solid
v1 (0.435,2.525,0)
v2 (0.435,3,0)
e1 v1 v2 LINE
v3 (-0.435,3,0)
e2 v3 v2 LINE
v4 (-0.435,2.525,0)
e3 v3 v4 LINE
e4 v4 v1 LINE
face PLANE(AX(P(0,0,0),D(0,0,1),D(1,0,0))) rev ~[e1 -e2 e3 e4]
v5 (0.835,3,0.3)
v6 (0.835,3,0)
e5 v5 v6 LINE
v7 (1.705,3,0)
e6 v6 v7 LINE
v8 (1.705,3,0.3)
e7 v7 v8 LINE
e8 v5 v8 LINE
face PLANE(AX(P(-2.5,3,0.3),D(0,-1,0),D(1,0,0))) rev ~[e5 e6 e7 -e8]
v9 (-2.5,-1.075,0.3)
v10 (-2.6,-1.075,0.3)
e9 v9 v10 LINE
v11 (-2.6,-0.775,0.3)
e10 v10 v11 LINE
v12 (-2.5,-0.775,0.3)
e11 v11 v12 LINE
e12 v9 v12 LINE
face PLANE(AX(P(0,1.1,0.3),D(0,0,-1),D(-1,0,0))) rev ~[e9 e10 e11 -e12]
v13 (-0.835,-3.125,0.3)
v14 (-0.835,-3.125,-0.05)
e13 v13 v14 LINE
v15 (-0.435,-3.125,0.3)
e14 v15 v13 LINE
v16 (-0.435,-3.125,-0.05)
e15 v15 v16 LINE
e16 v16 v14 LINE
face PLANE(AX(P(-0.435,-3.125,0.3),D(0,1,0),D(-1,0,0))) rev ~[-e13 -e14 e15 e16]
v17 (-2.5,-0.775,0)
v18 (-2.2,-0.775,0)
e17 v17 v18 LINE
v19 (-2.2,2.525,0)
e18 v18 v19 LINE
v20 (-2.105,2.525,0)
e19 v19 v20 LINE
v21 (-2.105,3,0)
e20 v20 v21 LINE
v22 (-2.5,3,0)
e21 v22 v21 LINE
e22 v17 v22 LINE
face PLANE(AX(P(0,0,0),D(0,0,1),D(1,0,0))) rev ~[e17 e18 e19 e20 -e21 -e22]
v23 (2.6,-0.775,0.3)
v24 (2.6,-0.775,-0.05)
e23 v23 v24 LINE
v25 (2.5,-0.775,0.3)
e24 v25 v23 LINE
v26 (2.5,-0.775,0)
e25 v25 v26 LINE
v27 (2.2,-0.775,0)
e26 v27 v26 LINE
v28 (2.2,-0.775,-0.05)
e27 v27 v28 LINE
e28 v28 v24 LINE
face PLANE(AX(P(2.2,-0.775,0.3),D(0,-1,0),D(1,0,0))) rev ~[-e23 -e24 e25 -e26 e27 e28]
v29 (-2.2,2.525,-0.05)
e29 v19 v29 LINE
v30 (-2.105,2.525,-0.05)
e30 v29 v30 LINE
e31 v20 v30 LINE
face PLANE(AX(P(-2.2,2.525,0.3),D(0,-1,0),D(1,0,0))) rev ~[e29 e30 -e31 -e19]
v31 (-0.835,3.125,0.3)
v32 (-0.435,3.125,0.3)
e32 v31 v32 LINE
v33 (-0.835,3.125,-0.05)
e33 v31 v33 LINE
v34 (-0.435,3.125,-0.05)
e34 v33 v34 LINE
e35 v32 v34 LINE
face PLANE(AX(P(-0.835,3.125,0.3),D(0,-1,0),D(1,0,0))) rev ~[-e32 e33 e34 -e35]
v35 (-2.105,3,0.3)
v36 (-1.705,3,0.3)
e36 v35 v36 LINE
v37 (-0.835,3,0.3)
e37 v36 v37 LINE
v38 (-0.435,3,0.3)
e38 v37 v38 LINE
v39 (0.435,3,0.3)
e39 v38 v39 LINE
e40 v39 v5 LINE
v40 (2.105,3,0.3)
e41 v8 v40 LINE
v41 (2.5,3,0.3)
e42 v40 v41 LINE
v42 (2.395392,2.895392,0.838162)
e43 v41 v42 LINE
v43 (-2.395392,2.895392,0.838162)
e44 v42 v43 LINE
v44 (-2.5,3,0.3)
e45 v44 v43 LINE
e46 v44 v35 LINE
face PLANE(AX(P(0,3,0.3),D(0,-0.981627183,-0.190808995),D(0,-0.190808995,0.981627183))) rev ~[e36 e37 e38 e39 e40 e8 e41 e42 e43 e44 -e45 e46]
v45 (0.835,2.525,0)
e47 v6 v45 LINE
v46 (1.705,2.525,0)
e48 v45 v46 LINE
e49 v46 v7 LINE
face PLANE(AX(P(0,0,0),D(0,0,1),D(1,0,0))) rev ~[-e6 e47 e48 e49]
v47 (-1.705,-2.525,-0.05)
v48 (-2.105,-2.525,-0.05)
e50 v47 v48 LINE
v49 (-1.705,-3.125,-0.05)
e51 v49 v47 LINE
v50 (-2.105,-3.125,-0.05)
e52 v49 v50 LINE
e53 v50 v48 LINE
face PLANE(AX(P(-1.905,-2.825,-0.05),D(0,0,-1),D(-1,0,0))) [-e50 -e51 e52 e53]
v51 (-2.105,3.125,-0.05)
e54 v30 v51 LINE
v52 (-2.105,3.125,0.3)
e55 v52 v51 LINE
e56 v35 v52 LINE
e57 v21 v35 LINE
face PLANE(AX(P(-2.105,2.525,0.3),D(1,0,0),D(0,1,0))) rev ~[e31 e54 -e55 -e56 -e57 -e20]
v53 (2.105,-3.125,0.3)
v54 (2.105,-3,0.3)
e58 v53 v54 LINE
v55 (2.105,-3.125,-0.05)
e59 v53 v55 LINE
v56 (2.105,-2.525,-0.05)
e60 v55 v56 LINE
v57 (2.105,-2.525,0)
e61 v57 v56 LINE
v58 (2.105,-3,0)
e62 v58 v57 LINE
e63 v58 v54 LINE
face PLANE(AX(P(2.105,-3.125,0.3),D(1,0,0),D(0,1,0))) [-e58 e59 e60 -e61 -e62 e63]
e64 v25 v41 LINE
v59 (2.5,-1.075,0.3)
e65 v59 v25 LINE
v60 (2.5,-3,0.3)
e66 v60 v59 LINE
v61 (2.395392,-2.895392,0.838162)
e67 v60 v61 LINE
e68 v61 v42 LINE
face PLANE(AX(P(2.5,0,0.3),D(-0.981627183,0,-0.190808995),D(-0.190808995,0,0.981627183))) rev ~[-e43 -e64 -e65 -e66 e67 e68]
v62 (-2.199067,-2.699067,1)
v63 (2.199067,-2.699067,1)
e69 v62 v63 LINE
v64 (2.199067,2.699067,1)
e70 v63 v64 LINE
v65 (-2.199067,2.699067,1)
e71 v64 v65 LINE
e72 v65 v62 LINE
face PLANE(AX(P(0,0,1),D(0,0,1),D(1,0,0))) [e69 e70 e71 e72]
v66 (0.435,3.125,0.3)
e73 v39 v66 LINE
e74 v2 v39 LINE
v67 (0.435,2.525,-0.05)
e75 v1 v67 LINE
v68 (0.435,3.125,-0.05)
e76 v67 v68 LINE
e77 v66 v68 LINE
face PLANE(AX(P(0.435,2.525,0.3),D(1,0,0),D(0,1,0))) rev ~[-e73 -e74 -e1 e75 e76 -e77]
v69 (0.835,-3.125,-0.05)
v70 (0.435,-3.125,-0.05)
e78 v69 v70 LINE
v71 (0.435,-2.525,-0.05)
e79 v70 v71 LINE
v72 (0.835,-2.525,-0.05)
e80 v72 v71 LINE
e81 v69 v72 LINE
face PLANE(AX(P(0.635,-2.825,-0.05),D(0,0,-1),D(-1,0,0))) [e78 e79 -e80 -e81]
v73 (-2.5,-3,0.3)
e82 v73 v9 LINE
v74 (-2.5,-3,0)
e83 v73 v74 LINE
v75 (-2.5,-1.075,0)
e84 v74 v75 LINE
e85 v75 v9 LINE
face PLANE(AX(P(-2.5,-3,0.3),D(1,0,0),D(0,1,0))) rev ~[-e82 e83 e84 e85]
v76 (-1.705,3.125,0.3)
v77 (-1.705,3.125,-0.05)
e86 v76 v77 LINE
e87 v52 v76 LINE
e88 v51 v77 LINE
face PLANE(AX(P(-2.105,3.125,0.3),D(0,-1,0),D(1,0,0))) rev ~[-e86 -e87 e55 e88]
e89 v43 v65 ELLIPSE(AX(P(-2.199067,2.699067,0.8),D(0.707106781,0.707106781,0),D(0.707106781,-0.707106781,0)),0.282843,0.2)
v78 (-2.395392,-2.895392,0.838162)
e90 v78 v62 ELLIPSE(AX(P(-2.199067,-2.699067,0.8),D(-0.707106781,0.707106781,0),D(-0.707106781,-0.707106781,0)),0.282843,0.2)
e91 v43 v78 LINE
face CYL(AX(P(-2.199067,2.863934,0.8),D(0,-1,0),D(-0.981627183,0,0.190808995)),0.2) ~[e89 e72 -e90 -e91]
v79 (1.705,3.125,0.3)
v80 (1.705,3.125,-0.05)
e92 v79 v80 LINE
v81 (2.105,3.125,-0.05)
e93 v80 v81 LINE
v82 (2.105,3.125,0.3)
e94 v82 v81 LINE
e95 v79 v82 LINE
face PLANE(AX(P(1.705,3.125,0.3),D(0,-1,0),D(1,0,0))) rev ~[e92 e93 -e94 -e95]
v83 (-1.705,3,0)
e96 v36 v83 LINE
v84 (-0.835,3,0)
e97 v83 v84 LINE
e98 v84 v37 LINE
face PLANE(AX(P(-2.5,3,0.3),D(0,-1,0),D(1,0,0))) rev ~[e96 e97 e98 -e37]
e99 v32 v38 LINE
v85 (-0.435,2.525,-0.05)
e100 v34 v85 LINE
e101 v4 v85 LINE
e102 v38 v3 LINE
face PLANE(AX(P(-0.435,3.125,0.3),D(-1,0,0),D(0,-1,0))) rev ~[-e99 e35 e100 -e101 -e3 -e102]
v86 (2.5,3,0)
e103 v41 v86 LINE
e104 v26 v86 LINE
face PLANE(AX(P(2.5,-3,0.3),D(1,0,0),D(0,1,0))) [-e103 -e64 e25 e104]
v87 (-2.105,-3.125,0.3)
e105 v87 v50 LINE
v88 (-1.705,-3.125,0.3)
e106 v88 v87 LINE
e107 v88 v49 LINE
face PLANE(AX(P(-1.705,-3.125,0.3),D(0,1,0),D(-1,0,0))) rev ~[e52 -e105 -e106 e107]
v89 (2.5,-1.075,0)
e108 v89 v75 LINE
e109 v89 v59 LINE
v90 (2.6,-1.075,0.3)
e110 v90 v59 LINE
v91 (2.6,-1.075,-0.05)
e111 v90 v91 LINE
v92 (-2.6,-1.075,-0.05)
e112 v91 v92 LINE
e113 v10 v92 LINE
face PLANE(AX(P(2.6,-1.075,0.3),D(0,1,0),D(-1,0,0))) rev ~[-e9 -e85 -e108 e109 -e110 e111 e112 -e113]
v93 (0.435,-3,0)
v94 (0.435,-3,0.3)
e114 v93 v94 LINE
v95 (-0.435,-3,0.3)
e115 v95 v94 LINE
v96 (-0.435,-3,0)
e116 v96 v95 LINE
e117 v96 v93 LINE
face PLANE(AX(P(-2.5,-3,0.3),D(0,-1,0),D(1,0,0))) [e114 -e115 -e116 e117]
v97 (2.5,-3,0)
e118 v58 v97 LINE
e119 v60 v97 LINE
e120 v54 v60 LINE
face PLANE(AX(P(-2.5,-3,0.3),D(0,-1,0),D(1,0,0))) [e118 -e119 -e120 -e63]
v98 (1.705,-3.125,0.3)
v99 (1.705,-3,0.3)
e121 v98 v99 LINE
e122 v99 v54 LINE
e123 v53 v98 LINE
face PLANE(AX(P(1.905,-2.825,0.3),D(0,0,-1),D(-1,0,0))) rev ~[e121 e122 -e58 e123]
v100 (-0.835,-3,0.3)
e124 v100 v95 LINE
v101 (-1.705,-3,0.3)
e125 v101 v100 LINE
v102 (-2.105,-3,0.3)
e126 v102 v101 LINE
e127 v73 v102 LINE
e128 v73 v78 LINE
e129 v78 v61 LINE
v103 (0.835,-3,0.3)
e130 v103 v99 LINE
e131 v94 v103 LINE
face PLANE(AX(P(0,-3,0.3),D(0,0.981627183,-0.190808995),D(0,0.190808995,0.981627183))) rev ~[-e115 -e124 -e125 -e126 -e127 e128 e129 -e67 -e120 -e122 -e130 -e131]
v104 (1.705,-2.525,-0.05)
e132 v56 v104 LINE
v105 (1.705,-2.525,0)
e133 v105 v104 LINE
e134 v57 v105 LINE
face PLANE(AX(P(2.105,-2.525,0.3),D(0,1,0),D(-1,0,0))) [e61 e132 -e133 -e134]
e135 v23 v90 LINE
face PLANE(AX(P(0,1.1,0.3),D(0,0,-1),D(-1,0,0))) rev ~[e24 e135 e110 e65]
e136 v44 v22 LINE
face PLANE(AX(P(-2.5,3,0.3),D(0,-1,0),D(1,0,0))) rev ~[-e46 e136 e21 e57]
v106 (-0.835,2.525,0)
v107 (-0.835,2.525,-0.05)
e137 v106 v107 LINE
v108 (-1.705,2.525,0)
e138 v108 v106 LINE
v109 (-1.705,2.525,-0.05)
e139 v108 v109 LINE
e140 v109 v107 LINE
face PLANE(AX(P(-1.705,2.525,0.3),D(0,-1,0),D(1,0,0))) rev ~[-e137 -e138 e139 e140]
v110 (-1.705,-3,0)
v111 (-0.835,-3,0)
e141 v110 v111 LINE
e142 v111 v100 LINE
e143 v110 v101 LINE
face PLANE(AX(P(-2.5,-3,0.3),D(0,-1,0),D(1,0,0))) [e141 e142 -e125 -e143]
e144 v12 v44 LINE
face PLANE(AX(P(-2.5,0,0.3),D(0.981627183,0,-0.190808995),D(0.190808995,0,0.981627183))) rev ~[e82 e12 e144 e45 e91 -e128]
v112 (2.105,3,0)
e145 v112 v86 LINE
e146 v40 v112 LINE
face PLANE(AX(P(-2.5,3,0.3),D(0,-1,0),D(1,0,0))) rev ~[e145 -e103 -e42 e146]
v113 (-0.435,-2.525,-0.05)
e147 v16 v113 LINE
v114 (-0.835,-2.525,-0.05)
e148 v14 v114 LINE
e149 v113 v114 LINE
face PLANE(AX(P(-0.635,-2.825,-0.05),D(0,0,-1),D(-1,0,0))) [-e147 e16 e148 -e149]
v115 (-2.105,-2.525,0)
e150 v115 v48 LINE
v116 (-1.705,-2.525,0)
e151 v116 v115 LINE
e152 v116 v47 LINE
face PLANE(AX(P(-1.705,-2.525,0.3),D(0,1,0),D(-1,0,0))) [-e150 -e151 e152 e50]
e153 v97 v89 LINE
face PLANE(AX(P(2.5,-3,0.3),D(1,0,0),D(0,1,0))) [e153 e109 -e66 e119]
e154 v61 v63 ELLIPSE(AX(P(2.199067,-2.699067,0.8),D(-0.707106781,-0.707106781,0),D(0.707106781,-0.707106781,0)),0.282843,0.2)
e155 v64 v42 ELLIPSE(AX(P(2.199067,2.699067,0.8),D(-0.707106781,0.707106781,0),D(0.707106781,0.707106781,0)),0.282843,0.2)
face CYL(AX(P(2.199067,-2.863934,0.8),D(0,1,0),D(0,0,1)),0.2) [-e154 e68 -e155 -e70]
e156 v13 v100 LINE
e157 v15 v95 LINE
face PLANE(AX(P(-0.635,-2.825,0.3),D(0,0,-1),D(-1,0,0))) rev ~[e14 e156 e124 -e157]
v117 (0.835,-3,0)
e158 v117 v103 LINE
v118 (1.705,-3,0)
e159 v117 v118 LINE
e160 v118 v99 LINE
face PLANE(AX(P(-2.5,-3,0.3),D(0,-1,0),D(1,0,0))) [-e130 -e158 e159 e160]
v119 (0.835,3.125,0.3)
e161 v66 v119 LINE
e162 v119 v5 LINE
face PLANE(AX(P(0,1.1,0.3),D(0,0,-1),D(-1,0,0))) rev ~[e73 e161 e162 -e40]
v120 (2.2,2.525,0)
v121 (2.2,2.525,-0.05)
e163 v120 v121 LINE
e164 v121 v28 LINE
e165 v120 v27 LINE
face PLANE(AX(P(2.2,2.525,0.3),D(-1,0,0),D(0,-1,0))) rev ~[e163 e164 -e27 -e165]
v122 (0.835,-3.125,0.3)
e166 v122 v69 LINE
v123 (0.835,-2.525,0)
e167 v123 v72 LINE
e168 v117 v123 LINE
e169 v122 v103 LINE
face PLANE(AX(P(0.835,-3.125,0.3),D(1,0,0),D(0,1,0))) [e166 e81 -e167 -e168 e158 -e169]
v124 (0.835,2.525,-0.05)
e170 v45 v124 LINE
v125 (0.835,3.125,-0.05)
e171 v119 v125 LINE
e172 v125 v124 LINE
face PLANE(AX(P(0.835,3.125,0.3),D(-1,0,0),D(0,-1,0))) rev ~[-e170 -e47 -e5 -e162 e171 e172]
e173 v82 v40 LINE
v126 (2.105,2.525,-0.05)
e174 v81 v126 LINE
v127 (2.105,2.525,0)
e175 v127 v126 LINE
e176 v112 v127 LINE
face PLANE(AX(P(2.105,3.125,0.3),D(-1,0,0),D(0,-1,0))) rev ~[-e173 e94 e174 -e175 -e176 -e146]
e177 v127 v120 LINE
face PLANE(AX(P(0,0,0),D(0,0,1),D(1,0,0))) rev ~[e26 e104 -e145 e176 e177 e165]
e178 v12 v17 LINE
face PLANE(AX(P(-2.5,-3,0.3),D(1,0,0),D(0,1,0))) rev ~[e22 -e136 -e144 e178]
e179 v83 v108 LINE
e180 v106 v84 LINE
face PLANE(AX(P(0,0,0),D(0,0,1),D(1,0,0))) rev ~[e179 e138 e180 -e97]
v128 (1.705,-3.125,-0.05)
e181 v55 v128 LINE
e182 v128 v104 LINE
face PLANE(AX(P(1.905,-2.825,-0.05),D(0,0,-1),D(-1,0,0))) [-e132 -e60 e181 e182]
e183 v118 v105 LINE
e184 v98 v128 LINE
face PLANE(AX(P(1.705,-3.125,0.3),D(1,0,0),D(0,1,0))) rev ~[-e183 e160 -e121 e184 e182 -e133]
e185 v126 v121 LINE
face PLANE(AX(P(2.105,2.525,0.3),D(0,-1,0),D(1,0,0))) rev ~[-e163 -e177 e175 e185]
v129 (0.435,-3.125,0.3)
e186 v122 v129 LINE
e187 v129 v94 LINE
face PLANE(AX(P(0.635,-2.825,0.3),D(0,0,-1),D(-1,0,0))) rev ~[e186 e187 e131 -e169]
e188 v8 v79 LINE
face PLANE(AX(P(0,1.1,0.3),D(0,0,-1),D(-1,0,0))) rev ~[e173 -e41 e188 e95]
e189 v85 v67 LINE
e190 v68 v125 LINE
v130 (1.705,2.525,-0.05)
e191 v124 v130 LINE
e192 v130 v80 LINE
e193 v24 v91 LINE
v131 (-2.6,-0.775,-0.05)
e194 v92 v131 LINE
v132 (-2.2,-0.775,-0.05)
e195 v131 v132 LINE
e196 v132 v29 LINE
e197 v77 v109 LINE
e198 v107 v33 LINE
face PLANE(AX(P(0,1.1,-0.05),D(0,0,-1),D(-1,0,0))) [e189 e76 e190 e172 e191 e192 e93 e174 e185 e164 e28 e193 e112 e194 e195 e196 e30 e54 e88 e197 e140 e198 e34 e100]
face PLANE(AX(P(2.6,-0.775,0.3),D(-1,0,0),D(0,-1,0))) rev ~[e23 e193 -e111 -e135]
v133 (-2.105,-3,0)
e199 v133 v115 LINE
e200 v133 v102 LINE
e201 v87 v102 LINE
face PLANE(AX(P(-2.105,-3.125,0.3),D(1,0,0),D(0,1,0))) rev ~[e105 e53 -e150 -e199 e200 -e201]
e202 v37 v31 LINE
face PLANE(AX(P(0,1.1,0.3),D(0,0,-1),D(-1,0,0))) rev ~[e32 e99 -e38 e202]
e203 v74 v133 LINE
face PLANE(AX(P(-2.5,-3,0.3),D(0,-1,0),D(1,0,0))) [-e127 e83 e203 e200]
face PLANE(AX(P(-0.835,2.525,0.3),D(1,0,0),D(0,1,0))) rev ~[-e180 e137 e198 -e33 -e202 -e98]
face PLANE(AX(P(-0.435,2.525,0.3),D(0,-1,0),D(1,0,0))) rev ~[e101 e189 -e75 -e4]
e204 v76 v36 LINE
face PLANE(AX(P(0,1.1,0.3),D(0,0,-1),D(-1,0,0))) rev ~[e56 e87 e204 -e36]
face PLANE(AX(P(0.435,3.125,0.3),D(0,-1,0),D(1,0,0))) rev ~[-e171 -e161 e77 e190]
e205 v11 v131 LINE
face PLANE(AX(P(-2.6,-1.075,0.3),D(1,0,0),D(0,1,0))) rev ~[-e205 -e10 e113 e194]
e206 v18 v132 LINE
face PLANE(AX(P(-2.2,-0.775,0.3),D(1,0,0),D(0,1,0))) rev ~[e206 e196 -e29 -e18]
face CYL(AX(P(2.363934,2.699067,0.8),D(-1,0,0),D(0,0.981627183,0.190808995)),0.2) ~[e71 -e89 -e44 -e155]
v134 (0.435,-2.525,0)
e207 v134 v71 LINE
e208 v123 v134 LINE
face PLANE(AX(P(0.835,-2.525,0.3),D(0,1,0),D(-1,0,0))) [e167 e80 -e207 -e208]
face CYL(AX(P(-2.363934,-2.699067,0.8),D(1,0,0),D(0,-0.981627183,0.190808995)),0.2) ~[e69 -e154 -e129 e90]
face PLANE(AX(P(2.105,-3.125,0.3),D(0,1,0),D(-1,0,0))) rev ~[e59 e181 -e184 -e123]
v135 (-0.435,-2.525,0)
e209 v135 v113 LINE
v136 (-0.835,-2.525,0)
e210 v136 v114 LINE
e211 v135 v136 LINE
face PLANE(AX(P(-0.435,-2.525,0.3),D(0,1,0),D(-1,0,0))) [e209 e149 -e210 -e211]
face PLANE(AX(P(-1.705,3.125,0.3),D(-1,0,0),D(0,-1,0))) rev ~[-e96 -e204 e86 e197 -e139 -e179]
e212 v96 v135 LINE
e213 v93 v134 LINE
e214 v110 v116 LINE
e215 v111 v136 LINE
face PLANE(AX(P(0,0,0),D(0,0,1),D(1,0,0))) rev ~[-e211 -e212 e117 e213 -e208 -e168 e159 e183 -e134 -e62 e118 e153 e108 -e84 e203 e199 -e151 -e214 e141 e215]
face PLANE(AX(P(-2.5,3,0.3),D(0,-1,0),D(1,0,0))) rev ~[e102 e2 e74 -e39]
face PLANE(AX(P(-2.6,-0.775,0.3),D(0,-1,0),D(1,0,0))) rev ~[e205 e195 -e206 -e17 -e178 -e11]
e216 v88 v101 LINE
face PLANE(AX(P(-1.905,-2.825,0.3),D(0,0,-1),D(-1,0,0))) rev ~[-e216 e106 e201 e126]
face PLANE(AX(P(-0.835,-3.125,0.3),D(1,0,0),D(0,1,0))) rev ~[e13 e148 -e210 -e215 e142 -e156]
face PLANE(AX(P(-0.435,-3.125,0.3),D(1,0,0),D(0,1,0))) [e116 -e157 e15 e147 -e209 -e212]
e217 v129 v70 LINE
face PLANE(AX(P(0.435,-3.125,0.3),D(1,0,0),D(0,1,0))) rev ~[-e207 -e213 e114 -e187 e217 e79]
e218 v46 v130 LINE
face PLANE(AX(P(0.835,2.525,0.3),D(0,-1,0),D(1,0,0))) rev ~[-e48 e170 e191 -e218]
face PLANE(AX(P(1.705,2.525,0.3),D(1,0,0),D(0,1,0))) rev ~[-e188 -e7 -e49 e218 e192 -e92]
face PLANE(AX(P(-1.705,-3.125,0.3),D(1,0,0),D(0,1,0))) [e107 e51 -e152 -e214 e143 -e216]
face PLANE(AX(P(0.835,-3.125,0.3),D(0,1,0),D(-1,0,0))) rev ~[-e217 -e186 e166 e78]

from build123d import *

# Parameters (mm, degrees)
BOSS_EXTRUDE1_START           = 0.3
SKETCH1_W                     = 5
SKETCH1_H                     = 6
BOSS_EXTRUDE1_DEPTH           = 0.3
BOSS_EXTRUDE1_OTHER_WAY_DEPTH = 0.7
BOSS_EXTRUDE1_OTHER_WAY_TAPER = 11
FILLET1_R                     = 0.2
BOSS_EXTRUDE2_DEPTH           = 0.05
BOSS_EXTRUDE2_DEPTH_BACK      = 0.3
SKETCH3_W                     = 0.4
SKETCH3_H                     = 0.6


with BuildPart() as part:
    # Sketch1 → Boss-Extrude1 (new body)
    with BuildSketch(Plane.XY.offset(BOSS_EXTRUDE1_START)):
        Rectangle(SKETCH1_W, SKETCH1_H)
    extrude(amount=-BOSS_EXTRUDE1_DEPTH)

    # Sketch1 → Boss-Extrude1 other way (add)
    with BuildSketch(Plane.XY.offset(BOSS_EXTRUDE1_START)):
        Rectangle(SKETCH1_W, SKETCH1_H)
    extrude(amount=BOSS_EXTRUDE1_OTHER_WAY_DEPTH, taper=BOSS_EXTRUDE1_OTHER_WAY_TAPER)

    # Fillet1
    fillet1_edges = [part.edges().sort_by_distance(p)[0] for p in [
        (-2.363933784, 0, 1),
        (0, -2.863933784, 1),
        (2.363933784, 0, 1),
        (0, 2.863933784, 1),
    ]]
    fillet(fillet1_edges, radius=FILLET1_R)

    # Sketch3 → Boss-Extrude2 (add, two sides: drawn at the far end of the back side and taken through both)
    with BuildSketch(Plane(origin=(0, 0, 0), x_dir=(-1, 0, 0), z_dir=(0, 0, -1)).offset(-BOSS_EXTRUDE2_DEPTH_BACK)):
        with Locations((1.905, -2.825)):
            Rectangle(SKETCH3_W, SKETCH3_H)
        with Locations((0.635, -2.825)):
            Rectangle(SKETCH3_W, SKETCH3_H)
        with Locations((-0.635, -2.825)):
            Rectangle(SKETCH3_W, SKETCH3_H)
        with Locations((-1.905, -2.825)):
            Rectangle(SKETCH3_W, SKETCH3_H)
        Polygon((2.105, 2.525), (2.105, 3.125), (1.705, 3.125), (1.705, 2.525), (0.835, 2.525), (0.835, 3.125), (0.435, 3.125), (0.435, 2.525), (-0.435, 2.525), (-0.435, 3.125), (-0.835, 3.125), (-0.835, 2.525), (-1.705, 2.525), (-1.705, 3.125), (-2.105, 3.125), (-2.105, 2.525), (-2.2, 2.525), (-2.2, -0.775), (-2.6, -0.775), (-2.6, -1.075), (2.6, -1.075), (2.6, -0.775), (2.2, -0.775), (2.2, 2.525), align=None)
    extrude(amount=BOSS_EXTRUDE2_DEPTH + BOSS_EXTRUDE2_DEPTH_BACK)


solid = part.part
